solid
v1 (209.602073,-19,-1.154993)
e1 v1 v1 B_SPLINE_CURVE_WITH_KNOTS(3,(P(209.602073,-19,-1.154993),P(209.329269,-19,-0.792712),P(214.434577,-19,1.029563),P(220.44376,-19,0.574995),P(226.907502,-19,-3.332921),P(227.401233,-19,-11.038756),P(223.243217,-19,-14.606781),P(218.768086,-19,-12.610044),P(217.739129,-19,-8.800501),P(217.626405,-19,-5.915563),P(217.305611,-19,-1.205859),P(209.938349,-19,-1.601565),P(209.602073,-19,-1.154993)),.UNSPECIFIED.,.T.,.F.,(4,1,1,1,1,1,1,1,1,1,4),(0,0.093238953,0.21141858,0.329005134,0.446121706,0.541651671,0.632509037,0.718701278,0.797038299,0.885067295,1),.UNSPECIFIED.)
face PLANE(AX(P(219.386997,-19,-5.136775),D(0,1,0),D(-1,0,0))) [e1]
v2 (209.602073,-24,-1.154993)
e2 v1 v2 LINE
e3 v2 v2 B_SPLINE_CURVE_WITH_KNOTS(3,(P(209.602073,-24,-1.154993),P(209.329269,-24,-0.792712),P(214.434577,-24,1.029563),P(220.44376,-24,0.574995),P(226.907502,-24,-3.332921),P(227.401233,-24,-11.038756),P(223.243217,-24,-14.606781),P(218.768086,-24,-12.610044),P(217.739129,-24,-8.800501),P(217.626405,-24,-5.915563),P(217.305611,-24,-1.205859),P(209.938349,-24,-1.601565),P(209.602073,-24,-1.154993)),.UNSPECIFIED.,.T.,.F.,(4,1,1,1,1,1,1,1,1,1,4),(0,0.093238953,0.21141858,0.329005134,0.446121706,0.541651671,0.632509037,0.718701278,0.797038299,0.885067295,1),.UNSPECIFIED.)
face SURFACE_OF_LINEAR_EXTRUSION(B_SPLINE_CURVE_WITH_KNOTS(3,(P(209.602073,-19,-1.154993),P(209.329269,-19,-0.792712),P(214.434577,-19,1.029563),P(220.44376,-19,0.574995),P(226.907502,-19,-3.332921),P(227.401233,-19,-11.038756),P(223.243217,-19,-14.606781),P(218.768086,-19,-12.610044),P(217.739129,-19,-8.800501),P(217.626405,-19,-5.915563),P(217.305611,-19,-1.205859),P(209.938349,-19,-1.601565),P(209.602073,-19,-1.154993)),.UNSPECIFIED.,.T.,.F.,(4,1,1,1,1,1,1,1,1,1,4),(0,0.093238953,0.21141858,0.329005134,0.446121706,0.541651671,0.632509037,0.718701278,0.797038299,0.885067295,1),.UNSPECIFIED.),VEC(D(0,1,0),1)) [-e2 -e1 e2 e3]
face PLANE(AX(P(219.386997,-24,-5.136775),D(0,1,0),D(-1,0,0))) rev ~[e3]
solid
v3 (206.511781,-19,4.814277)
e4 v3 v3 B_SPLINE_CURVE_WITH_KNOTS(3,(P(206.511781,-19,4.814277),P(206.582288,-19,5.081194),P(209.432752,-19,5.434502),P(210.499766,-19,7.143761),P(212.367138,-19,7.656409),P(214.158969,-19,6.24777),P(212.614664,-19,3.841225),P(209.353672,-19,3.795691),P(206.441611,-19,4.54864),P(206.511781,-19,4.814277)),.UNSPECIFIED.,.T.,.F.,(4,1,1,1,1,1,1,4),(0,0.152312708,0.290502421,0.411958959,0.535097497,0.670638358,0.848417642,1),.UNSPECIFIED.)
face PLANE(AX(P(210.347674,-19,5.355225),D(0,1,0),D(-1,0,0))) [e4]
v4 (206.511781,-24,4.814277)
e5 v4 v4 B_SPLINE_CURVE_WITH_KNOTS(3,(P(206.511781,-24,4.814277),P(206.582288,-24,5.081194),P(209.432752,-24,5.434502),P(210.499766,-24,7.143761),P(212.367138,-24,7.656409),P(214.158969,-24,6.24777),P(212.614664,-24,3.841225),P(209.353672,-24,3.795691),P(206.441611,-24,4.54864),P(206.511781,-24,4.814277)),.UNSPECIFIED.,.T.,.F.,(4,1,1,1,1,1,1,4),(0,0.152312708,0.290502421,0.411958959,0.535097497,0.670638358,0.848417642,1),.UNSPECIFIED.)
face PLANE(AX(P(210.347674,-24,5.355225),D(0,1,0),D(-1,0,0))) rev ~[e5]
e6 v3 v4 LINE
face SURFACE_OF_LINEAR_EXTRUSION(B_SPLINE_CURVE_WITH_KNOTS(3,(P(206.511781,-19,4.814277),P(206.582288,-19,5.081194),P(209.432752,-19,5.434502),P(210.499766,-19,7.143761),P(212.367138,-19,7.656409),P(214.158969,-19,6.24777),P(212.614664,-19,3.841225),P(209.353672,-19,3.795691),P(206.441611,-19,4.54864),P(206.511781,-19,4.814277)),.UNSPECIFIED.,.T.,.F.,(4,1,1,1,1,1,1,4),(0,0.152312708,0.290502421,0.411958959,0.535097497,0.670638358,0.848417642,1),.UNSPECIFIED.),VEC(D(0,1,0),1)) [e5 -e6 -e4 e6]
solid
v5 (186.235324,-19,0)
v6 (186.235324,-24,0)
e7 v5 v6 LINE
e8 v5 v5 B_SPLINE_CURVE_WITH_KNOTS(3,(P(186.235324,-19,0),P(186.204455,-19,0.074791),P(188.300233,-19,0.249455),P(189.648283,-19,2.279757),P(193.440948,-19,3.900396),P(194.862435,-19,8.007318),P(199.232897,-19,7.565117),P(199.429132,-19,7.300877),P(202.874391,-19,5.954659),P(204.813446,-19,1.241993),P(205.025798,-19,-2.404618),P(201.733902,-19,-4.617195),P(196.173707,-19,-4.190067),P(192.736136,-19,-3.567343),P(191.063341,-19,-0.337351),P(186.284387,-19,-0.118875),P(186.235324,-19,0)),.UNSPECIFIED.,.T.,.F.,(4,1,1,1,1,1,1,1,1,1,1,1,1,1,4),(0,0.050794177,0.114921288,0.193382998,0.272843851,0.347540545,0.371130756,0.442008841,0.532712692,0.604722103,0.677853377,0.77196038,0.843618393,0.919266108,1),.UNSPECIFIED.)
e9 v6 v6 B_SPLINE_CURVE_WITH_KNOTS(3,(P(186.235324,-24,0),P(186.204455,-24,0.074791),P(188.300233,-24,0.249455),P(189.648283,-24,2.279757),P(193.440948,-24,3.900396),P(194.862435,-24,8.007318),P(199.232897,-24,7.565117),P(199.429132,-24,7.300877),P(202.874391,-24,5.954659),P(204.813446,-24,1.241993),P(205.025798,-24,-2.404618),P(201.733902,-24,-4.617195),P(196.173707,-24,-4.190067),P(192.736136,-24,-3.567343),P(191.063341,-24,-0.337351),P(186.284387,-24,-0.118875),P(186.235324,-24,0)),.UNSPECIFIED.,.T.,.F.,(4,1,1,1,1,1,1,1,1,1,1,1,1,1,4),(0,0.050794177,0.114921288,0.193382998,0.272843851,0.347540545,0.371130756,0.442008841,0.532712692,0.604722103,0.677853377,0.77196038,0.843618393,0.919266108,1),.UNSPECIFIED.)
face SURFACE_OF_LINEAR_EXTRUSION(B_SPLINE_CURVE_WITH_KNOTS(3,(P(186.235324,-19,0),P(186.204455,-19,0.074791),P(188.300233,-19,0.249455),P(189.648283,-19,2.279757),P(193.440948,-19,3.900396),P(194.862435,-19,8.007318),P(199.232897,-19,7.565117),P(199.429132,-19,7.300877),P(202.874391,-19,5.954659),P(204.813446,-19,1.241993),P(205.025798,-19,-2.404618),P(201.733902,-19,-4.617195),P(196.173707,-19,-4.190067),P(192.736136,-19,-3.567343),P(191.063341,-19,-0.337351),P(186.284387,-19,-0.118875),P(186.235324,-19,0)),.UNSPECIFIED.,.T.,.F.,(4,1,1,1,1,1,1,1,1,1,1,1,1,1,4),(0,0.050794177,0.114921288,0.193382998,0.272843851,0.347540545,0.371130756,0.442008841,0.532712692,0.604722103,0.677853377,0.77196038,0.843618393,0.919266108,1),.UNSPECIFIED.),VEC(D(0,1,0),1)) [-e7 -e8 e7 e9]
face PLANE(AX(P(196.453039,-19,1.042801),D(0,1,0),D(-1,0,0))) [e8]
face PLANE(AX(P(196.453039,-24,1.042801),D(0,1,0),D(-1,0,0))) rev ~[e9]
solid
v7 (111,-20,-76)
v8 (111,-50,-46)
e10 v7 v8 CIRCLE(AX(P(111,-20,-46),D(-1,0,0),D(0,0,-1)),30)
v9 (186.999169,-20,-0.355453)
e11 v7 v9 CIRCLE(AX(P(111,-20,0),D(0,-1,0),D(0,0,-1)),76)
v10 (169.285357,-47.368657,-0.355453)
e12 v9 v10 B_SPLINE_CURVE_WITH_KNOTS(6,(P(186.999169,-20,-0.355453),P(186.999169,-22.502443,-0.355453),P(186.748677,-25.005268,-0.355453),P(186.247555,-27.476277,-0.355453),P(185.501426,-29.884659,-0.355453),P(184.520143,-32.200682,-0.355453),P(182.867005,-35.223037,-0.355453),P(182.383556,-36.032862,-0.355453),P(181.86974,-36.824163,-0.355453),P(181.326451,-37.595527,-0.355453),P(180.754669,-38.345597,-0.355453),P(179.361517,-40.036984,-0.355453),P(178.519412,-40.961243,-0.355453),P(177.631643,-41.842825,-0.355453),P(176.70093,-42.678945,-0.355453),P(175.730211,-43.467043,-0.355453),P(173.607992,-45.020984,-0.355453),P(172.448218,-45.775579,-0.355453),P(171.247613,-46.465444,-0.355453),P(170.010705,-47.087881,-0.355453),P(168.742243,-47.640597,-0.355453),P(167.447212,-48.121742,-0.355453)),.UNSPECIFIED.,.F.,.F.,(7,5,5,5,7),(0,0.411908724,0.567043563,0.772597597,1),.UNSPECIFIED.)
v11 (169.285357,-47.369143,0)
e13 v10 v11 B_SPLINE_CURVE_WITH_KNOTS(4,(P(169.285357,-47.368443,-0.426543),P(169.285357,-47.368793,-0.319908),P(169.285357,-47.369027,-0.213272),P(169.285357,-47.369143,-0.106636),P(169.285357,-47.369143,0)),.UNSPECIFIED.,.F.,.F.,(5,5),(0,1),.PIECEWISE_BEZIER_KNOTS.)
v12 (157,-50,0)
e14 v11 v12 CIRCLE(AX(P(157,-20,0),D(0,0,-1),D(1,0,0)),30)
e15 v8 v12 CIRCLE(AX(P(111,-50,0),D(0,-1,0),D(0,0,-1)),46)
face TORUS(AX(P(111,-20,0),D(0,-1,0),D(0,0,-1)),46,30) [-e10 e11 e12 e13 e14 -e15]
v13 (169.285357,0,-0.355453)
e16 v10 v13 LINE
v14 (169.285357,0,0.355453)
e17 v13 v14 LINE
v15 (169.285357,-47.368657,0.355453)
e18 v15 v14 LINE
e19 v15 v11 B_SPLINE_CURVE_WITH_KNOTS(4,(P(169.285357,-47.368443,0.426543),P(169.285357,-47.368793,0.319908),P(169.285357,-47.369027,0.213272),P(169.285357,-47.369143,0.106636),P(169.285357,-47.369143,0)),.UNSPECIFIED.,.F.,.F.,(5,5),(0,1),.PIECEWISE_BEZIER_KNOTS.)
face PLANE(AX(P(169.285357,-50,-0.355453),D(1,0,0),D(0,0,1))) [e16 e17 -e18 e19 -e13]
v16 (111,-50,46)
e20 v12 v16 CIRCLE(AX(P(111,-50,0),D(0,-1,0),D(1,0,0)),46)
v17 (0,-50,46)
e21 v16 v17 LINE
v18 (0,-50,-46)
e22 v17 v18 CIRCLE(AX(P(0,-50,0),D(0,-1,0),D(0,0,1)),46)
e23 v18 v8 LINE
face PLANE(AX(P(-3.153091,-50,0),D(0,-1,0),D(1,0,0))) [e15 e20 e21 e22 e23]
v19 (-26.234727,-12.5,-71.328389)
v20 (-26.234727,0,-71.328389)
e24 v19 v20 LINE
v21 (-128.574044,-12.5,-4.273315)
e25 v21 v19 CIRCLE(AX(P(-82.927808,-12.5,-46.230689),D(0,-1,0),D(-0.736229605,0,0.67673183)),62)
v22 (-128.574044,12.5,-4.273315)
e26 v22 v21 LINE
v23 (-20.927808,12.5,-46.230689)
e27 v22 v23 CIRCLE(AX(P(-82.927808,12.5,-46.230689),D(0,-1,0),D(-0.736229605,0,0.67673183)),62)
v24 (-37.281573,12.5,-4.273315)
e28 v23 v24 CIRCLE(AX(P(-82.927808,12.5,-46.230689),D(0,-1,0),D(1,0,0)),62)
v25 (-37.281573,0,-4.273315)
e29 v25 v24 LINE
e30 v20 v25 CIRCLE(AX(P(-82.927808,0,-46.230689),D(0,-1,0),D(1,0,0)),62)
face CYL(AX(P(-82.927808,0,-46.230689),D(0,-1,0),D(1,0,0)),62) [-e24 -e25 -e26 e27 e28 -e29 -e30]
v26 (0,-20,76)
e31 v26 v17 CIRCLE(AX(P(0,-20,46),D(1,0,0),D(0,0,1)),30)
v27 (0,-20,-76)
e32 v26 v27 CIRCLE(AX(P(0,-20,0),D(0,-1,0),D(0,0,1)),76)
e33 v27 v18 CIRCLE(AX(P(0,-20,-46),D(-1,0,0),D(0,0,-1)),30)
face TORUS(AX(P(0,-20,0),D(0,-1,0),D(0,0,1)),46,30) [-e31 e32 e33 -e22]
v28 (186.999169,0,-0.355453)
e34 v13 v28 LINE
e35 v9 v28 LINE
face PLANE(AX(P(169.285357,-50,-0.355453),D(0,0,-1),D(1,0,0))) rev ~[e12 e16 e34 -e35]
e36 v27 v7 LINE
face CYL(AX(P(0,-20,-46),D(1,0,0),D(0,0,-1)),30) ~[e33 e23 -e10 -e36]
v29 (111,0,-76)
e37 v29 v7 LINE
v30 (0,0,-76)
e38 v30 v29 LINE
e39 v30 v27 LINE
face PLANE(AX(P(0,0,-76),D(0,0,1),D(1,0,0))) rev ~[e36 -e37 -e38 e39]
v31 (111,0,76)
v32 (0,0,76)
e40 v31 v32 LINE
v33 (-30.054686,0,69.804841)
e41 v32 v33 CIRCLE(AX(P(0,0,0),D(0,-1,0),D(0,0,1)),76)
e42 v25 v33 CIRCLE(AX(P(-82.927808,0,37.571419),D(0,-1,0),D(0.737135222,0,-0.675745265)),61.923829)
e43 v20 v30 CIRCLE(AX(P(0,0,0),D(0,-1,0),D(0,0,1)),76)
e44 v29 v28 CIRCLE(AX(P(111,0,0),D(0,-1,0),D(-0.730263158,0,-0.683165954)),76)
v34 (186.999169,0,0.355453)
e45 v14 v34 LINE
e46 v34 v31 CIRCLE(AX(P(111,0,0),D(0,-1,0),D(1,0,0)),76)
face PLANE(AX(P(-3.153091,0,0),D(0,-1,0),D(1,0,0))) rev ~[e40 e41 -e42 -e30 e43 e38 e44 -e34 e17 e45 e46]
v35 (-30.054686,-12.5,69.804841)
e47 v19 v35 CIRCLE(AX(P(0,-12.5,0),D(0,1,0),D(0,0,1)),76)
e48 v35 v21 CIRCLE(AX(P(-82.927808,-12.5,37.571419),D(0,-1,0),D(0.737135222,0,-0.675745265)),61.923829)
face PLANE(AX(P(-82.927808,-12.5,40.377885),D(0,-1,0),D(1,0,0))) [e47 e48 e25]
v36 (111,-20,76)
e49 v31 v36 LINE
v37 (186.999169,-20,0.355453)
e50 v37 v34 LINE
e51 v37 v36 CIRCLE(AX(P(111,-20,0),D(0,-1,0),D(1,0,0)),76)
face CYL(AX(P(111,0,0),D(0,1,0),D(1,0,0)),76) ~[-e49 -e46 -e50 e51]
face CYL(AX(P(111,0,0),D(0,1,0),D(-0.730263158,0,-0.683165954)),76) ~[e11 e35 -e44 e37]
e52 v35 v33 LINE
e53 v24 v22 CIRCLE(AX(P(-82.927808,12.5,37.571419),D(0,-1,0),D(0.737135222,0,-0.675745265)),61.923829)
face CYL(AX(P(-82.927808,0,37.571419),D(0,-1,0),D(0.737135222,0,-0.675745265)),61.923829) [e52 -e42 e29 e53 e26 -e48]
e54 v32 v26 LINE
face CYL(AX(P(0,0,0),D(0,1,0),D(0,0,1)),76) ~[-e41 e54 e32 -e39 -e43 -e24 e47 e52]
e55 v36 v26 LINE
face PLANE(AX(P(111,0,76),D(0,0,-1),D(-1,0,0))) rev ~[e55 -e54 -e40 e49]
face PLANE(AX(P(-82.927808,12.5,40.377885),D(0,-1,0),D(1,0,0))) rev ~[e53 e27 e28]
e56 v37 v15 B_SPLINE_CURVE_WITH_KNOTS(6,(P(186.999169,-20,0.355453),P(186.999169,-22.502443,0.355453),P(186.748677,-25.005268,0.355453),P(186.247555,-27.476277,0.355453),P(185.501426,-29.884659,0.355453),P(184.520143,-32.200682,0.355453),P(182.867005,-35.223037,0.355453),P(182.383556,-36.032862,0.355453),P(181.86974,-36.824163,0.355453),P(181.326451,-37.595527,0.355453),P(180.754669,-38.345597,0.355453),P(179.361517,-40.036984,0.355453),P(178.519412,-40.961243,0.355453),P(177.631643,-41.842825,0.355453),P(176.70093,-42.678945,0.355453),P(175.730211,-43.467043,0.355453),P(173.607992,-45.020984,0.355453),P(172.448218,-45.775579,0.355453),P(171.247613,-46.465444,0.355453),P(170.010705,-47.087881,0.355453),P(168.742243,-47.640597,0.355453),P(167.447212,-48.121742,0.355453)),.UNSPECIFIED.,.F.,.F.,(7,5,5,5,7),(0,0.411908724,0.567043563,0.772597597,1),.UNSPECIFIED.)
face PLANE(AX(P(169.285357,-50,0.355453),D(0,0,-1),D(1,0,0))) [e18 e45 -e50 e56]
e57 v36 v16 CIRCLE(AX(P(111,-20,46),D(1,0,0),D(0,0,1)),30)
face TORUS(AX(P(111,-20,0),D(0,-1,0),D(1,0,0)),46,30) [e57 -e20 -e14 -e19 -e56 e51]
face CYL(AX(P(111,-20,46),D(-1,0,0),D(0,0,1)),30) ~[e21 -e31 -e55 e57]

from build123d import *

# Parameters (mm, degrees)
F2_DEPTH = 50
F4_DEPTH = 12.5
F5_R     = 30
F6_W     = 18.3814466
F6_H     = 0.7109052385
F7_DEPTH = 62.501
F9_DEPTH = 5


with BuildPart() as f2:
    # F0 (on Front) → F2 (new body)
    with BuildSketch(Plane.XZ):
        with BuildLine():
            ThreePointArc((55.5, 51.9206124771), (30.2492433933, 69.7207521053), (0, 76))
            ThreePointArc((0, 76), (-76, 0), (0, -76))
            ThreePointArc((0, -76), (30.2492433933, -69.7207521053), (55.5, -51.9206124771))
            ThreePointArc((55.5, -51.9206124771), (35, 0), (55.5, 51.9206124771))
        make_face()
        with BuildLine():
            ThreePointArc((111, 76), (80.7507566067, 69.7207521053), (55.5, 51.9206124771))
            ThreePointArc((55.5, 51.9206124771), (70.6894617323, 27.9105714739), (76, 0))
            ThreePointArc((76, 0), (70.6894617323, -27.9105714739), (55.5, -51.9206124771))
            ThreePointArc((55.5, -51.9206124771), (80.7507566067, -69.7207521053), (111, -76))
            ThreePointArc((111, -76), (164.7401153702, -53.7401153702), (187, 0))
            ThreePointArc((187, 0), (164.7401153702, 53.7401153702), (111, 76))
        make_face()
        with BuildLine():
            ThreePointArc((76, 0), (70.6894617323, 27.9105714739), (55.5, 51.9206124771))
            ThreePointArc((55.5, 51.9206124771), (35, 0), (55.5, -51.9206124771))
            ThreePointArc((55.5, -51.9206124771), (70.6894617323, -27.9105714739), (76, 0))
        make_face()
        with BuildLine():
            ThreePointArc((55.5, -51.9206124771), (30.2492433933, -69.7207521053), (0, -76))
            Line((0, -76), (111, -76))
            ThreePointArc((111, -76), (80.7507566067, -69.7207521053), (55.5, -51.9206124771))
        make_face()
        with BuildLine():
            Line((111, 76), (0, 76))
            ThreePointArc((0, 76), (30.2492433933, 69.7207521053), (55.5, 51.9206124771))
            ThreePointArc((55.5, 51.9206124771), (80.7507566067, 69.7207521053), (111, 76))
        make_face()
    extrude(amount=F2_DEPTH)

    # F3 (on Front) → F4 (join, symmetric)
    with BuildSketch(Plane.XZ):
        with BuildLine():
            ThreePointArc((-37.2815726812, -4.2733152497), (-25.2166728338, 15.1217985527), (-21.0039791425, 37.5714190304))
            ThreePointArc((-21.0039791425, 37.5714190304), (-105.3774286433, 95.2825543621), (-128.5740436499, -4.2733152497))
            ThreePointArc((-128.5740436499, -4.2733152497), (-82.9278081656, 15.7693113089), (-37.2815726812, -4.2733152497))
        make_face()
        with BuildLine():
            ThreePointArc((-37.2815726812, -4.2733152497), (-82.9278081656, 15.7693113089), (-128.5740436499, -4.2733152497))
            ThreePointArc((-128.5740436499, -4.2733152497), (-82.9278081656, -24.3524099926), (-37.2815726812, -4.2733152497))
        make_face()
        with BuildLine():
            ThreePointArc((-37.2815726812, -4.2733152497), (-82.9278081656, -24.3524099926), (-128.5740436499, -4.2733152497))
            ThreePointArc((-128.5740436499, -4.2733152497), (-105.443729199, -103.9977493747), (-20.9278081656, -46.2306886911))
            ThreePointArc((-20.9278081656, -46.2306886911), (-25.160747482, -23.7147676577), (-37.2815726812, -4.2733152497))
        make_face()
    extrude(amount=F4_DEPTH, both=True)

    # F5
    f5_edges = [f2.edges().sort_by_distance(p)[0] for p in [
        (-76, -50, 0),
    ]]
    fillet(f5_edges, radius=F5_R)

    # F6 (on face) → F7 (cut, through all)
    with BuildSketch(Plane.XZ.offset(50)):
        with Locations((178.4760802984, 0)):
            Rectangle(F6_W, F6_H)
    extrude(amount=-F7_DEPTH, mode=Mode.SUBTRACT)


with BuildPart() as f9:
    # F8 (on offset) → F9 (new body)
    with BuildSketch(Plane.XZ.offset(19)):
        with BuildLine():
            add(Edge.make_bspline(
                [(186.2353235483, 0), (186.2044547177, 0.0747911149), (188.300233226, 0.2494545876), (189.6482831856, 2.2797572105), (193.4409479742, 3.9003962391), (194.8624348442, 8.0073175867), (199.2328967978, 7.5651171233), (199.4291318595, 7.3008771556), (202.874390791, 5.9546585675), (204.8134458048, 1.2419933071), (205.0257982249, -2.4046181354), (201.7339024152, -4.6171954825), (196.1737072863, -4.1900667093), (192.7361364962, -3.5673430279), (191.0633411793, -0.3373509327), (186.2843874562, -0.1188753932), (186.2353235483, 0)],
                knots=[0, 0, 0, 0, 0.050794177, 0.1149212878, 0.1933829982, 0.2728438513, 0.3475405453, 0.3711307562, 0.4420088406, 0.5327126918, 0.6047221035, 0.6778533767, 0.7719603796, 0.8436183932, 0.9192661084, 1, 1, 1, 1], degree=3))
        make_face()
    extrude(amount=F9_DEPTH)


with BuildPart() as f9b:
    # F8 (on offset) → F9, piece 2 (new body)
    with BuildSketch(Plane.XZ.offset(19)):
        with BuildLine():
            add(Edge.make_bspline(
                [(209.602072835, -1.1549931951), (209.3292691552, -0.7927123319), (214.4345773804, 1.0295634406), (220.4437596795, 0.5749949714), (226.9075024996, -3.3329207005), (227.401233462, -11.0387557491), (223.2432169573, -14.6067805636), (218.7680861026, -12.6100443573), (217.7391292396, -8.8005006064), (217.6264051934, -5.9155625885), (217.3056110412, -1.2058594552), (209.9383492923, -1.6015653431), (209.602072835, -1.1549931951)],
                knots=[0, 0, 0, 0, 0.093238953, 0.2114185799, 0.329005134, 0.4461217063, 0.5416516708, 0.6325090369, 0.7187012775, 0.7970382991, 0.8850672952, 1, 1, 1, 1], degree=3))
        make_face()
    extrude(amount=F9_DEPTH)


with BuildPart() as f9c:
    # F8 (on offset) → F9, piece 3 (new body)
    with BuildSketch(Plane.XZ.offset(19)):
        with BuildLine():
            add(Edge.make_bspline(
                [(206.5117806196, 4.8142769374), (206.5822881024, 5.0811938009), (209.4327518341, 5.4345017137), (210.4997655977, 7.1437609229), (212.367137802, 7.6564093645), (214.158969439, 6.2477702854), (212.6146639333, 3.8412251138), (209.353672071, 3.7956908767), (206.4416112252, 4.5486399591), (206.5117806196, 4.8142769374)],
                knots=[0, 0, 0, 0, 0.1523127077, 0.2905024212, 0.411958959, 0.5350974972, 0.6706383582, 0.8484176425, 1, 1, 1, 1], degree=3))
        make_face()
    extrude(amount=F9_DEPTH)


solid = Compound([f2.part, f9.part, f9b.part, f9c.part])
